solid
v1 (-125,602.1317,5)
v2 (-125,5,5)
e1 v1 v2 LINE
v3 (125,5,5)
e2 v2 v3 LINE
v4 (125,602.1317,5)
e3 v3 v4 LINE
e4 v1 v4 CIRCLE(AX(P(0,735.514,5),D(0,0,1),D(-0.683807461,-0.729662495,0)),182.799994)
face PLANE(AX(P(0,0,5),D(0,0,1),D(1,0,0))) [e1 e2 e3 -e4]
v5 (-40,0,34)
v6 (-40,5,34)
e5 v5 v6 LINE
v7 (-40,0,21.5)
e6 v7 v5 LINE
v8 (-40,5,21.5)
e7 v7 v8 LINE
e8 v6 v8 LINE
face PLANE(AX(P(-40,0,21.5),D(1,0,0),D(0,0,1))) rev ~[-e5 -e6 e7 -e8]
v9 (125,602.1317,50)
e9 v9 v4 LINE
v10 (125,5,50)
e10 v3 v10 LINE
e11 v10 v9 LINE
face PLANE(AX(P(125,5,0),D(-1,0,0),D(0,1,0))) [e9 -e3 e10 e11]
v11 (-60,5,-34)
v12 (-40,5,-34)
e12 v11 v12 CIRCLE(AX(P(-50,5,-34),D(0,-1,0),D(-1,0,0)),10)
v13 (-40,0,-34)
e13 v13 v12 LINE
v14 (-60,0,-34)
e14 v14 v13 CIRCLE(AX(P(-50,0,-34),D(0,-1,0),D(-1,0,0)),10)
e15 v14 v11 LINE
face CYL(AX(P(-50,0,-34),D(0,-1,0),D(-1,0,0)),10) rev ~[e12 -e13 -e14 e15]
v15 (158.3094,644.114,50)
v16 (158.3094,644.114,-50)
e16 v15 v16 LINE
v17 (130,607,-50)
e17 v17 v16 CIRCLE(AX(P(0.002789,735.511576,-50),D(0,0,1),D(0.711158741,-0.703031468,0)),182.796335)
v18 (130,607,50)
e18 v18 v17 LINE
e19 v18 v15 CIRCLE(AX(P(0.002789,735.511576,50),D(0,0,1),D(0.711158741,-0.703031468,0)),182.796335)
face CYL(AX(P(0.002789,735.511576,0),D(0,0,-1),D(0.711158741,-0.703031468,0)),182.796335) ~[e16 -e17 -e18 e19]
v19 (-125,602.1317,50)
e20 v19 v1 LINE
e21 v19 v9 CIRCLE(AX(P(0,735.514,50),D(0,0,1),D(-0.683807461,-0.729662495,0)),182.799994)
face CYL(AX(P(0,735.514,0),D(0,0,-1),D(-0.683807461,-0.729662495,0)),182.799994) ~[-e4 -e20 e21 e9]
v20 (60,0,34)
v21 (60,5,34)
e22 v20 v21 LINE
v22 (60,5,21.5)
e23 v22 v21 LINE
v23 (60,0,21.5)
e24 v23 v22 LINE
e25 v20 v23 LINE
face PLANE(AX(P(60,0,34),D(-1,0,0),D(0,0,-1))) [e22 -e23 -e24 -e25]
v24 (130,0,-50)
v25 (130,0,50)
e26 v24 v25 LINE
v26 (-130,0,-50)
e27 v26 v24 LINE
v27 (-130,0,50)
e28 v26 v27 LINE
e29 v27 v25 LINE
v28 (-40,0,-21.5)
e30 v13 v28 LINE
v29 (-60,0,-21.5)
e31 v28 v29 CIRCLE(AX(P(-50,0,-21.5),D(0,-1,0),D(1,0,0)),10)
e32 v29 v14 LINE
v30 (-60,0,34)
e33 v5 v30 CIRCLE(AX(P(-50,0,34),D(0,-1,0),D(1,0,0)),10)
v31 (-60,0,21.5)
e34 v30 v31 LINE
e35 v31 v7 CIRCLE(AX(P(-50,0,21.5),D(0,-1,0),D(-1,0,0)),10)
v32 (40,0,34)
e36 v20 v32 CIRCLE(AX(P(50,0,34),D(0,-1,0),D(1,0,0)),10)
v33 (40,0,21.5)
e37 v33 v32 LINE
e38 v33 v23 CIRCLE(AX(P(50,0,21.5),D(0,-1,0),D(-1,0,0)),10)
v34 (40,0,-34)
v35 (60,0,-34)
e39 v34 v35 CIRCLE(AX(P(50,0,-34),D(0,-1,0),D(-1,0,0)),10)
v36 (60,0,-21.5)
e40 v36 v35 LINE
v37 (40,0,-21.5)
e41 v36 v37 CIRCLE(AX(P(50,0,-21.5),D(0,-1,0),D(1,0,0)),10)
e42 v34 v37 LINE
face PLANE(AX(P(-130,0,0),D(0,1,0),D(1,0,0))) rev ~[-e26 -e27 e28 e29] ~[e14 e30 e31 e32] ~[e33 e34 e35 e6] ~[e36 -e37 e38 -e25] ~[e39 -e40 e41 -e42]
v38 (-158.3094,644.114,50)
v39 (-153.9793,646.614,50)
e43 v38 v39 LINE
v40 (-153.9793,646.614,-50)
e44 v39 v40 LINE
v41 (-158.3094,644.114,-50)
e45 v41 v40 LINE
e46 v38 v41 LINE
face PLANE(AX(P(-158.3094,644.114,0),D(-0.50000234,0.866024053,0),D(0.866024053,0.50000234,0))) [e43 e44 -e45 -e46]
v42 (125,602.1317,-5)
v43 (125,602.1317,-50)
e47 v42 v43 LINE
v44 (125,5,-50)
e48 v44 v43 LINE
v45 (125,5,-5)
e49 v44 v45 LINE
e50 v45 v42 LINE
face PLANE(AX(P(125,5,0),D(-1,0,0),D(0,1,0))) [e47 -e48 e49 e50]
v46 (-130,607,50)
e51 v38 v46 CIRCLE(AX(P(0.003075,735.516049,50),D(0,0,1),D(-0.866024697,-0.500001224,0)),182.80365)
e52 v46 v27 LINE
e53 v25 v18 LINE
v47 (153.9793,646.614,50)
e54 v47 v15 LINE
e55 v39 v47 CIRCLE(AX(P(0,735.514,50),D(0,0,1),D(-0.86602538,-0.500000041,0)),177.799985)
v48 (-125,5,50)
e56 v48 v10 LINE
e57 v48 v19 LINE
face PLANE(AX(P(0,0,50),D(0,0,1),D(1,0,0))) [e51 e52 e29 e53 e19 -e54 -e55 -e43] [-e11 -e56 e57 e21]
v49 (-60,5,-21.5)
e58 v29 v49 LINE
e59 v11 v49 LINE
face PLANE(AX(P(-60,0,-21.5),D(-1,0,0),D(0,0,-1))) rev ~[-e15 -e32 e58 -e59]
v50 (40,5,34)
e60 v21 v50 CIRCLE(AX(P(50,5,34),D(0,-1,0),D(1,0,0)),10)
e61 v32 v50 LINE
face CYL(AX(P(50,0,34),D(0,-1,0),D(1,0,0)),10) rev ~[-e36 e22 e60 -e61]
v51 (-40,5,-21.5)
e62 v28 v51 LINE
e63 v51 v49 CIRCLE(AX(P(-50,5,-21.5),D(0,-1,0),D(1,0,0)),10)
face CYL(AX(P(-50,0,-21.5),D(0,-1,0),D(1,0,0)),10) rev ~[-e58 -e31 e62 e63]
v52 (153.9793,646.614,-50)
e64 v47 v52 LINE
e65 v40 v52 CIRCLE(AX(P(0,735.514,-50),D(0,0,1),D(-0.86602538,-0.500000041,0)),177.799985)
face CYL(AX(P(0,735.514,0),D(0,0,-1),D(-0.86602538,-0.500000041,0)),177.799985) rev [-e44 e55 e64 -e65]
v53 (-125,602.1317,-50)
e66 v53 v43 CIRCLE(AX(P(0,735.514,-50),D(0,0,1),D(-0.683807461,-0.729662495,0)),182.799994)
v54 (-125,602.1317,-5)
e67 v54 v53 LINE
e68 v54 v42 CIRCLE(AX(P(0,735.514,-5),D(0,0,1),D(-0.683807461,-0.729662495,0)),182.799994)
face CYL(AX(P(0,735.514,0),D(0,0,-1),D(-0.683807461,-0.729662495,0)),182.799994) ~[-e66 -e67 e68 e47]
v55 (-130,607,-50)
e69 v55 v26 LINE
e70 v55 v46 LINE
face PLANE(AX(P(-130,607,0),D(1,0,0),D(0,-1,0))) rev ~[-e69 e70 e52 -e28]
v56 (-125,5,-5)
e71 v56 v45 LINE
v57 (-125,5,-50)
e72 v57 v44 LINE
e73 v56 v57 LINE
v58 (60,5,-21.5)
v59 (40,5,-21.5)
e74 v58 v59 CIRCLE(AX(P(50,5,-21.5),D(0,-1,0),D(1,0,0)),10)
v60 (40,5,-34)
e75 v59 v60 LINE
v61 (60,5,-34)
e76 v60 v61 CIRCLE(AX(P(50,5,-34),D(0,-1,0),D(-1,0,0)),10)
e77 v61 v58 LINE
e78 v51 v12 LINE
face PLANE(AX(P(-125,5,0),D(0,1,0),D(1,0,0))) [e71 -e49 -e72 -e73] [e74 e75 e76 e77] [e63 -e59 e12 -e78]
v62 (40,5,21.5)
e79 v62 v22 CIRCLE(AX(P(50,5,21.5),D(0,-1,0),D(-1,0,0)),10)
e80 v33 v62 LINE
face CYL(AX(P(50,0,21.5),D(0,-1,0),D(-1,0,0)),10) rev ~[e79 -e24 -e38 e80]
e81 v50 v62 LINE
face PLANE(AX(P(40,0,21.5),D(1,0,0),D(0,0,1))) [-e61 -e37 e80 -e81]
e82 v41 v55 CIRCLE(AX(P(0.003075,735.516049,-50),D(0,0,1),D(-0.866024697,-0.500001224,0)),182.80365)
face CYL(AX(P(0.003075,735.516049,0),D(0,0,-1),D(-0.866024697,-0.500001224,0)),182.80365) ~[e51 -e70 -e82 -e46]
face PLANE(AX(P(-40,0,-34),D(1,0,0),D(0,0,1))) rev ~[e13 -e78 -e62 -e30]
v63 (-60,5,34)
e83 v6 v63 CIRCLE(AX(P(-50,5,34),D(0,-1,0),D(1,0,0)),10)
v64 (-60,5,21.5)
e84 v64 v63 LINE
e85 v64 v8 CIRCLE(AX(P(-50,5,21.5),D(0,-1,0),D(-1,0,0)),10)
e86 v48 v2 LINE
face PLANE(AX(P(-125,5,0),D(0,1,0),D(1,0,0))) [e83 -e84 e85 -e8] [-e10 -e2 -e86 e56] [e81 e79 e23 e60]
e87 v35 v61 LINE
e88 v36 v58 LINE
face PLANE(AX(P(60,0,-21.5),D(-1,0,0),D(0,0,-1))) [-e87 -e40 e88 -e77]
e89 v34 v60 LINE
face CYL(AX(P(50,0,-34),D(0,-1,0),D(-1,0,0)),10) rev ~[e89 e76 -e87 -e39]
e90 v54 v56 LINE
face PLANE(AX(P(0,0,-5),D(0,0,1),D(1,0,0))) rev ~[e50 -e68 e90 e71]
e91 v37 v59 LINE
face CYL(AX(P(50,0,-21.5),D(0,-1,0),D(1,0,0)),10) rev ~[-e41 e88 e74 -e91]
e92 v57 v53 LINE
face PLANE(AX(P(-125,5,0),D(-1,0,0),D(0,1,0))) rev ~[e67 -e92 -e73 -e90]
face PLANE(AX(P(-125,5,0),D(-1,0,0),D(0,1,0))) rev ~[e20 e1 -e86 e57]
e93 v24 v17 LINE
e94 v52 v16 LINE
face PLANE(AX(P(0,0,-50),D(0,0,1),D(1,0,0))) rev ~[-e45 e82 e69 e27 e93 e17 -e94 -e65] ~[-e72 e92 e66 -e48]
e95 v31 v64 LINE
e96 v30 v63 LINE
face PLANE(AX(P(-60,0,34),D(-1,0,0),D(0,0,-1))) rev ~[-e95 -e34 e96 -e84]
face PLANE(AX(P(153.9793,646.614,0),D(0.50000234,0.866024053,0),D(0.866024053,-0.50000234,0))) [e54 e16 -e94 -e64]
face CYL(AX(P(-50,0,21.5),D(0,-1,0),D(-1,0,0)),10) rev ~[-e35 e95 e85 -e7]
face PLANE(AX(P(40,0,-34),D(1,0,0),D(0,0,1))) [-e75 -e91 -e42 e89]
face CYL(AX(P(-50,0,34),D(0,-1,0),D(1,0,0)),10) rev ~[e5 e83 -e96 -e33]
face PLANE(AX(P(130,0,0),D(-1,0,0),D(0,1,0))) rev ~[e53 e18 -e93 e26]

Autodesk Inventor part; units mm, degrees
ref_plane "YZ Plane" through (0, 0, 0) normal (1, 0, 0) x (0, 1, 0)
ref_plane "XZ Plane" through (0, 0, 0) normal (0, 1, 0) x (-1, 0, 0)
ref_plane "XY Plane" through (0, 0, 0) normal (0, 0, 1) x (1, 0, 0)
sketch "Sketch1" plane through (0, 0, 0) normal (0, 0, 1) x (1, 0, 0)
  line L0 (-130, 607) -> (-130, 0)
  line L1 (-130, 0) -> (130, 0)
  line L2 (130, 0) -> (130, 607)
  line L3 (125, 5) -> (125, 602.1317)
  line L4 (-125, 5) -> (-125, 602.1317)
  line L5 (-125, 5) -> (125, 5)
  arc A0 (-153.9793, 646.614) -> (153.9793, 646.614) centre (0, 735.514) ccw
  arc A1 (130, 607) -> (158.3094, 644.114) centre (0, 735.514) ccw
  arc A2 (-158.3094, 644.114) -> (-130, 607) centre (0, 735.514) ccw
  arc A3 (-125, 602.1317) -> (125, 602.1317) centre (0, 735.514) ccw
  line L6 (-158.3094, 644.114) -> (-153.9793, 646.614)
  line L7 (153.9793, 646.614) -> (158.3094, 644.114)
  point P0 (0, 0)
  point P1 (0, 0)
  point P2 (0, 5)
  dimension "d0" = 260
  dimension "d2" = 607
  dimension "d3" = 607
  dimension "d6" = 5
  dimension "d7" = 5
  dimension "d8" = 5
  dimension "d57" = 355.6
  dimension "d61" = 5
  dimension "d64" = 182.8
  dimension "d79" = 130
  dimension "d80" = 120
  dimension "d81" = 158.3094
  dimension "d82" = 153.9793
  dimension "d83" = 153.9793
extrude "Extrusion1" add sketch "Sketch1" along normal mid plane 100
sketch "Sketch5" plane through (0, 0, 0) normal (0, 0, 1) x (1, 0, 0)
  line L0 (-125, 602.1317) -> (-125, 5) projected
  line L1 (-125, 602.1317) -> (-125, 5)
  line L2 (-125, 5) -> (125, 5)
  line L3 (-125, 5) -> (125, 5) projected
  line L4 (125, 5) -> (125, 602.1317) projected
  line L5 (125, 5) -> (125, 602.1317)
  arc A0 (-125, 602.1317) -> (125, 602.1317) centre (0, 735.514) ccw
  point P0 (0, 0)
  point P1 (0, 5)
  dimension "d67" = 365.6
extrude "Extrusion2" add sketch "Sketch5" along normal mid plane 10
sketch "Sketch6" plane through (-130, 0, 50) normal (0, -1, 0) x (1, 0, 0)
  line L0 (5, -100) -> (255, -100) projected
  line L1 (130, -100) -> (130, 0)
  line L2 (0, 0) -> (260, 0) projected
  line L3 (80, -16) -> (80, -28.5) construction
  line L4 (70, -16) -> (70, -28.5)
  line L5 (90, -28.5) -> (90, -16)
  arc A0 (90, -16) -> (70, -16) centre (80, -16) ccw
  arc A1 (70, -28.5) -> (90, -28.5) centre (80, -28.5) ccw
  line L6 (80, -71.5) -> (80, -84) construction
  line L7 (70, -71.5) -> (70, -84)
  line L8 (90, -84) -> (90, -71.5)
  arc A2 (90, -71.5) -> (70, -71.5) centre (80, -71.5) ccw
  arc A3 (70, -84) -> (90, -84) centre (80, -84) ccw
  line L9 (180, -16) -> (180, -28.5) construction
  line L10 (190, -16) -> (190, -28.5)
  line L11 (170, -28.5) -> (170, -16)
  arc A4 (190, -16) -> (170, -16) centre (180, -16) ccw
  arc A5 (170, -28.5) -> (190, -28.5) centre (180, -28.5) ccw
  line L12 (180, -71.5) -> (180, -84) construction
  line L13 (190, -71.5) -> (190, -84)
  line L14 (170, -84) -> (170, -71.5)
  arc A6 (190, -71.5) -> (170, -71.5) centre (180, -71.5) ccw
  arc A7 (170, -84) -> (190, -84) centre (180, -84) ccw
  point P0 (130, -50)
  point P1 (80, -22.25)
  point P2 (80, -77.75)
  point P3 (180, -22.25)
  point P4 (180, -77.75)
  dimension "d88" = 100
  dimension "d89" = 10
  dimension "d90" = 100
  dimension "d92" = 10
  dimension "d93" = 68
  dimension "d94" = 16
  dimension "d95" = 43
  dimension "d96" = 12.5
extrude "Extrusion5" cut sketch "Sketch6" against normal blind 10
properties part number "Fix Saddle new 1" material "Steel ASTM A36"
